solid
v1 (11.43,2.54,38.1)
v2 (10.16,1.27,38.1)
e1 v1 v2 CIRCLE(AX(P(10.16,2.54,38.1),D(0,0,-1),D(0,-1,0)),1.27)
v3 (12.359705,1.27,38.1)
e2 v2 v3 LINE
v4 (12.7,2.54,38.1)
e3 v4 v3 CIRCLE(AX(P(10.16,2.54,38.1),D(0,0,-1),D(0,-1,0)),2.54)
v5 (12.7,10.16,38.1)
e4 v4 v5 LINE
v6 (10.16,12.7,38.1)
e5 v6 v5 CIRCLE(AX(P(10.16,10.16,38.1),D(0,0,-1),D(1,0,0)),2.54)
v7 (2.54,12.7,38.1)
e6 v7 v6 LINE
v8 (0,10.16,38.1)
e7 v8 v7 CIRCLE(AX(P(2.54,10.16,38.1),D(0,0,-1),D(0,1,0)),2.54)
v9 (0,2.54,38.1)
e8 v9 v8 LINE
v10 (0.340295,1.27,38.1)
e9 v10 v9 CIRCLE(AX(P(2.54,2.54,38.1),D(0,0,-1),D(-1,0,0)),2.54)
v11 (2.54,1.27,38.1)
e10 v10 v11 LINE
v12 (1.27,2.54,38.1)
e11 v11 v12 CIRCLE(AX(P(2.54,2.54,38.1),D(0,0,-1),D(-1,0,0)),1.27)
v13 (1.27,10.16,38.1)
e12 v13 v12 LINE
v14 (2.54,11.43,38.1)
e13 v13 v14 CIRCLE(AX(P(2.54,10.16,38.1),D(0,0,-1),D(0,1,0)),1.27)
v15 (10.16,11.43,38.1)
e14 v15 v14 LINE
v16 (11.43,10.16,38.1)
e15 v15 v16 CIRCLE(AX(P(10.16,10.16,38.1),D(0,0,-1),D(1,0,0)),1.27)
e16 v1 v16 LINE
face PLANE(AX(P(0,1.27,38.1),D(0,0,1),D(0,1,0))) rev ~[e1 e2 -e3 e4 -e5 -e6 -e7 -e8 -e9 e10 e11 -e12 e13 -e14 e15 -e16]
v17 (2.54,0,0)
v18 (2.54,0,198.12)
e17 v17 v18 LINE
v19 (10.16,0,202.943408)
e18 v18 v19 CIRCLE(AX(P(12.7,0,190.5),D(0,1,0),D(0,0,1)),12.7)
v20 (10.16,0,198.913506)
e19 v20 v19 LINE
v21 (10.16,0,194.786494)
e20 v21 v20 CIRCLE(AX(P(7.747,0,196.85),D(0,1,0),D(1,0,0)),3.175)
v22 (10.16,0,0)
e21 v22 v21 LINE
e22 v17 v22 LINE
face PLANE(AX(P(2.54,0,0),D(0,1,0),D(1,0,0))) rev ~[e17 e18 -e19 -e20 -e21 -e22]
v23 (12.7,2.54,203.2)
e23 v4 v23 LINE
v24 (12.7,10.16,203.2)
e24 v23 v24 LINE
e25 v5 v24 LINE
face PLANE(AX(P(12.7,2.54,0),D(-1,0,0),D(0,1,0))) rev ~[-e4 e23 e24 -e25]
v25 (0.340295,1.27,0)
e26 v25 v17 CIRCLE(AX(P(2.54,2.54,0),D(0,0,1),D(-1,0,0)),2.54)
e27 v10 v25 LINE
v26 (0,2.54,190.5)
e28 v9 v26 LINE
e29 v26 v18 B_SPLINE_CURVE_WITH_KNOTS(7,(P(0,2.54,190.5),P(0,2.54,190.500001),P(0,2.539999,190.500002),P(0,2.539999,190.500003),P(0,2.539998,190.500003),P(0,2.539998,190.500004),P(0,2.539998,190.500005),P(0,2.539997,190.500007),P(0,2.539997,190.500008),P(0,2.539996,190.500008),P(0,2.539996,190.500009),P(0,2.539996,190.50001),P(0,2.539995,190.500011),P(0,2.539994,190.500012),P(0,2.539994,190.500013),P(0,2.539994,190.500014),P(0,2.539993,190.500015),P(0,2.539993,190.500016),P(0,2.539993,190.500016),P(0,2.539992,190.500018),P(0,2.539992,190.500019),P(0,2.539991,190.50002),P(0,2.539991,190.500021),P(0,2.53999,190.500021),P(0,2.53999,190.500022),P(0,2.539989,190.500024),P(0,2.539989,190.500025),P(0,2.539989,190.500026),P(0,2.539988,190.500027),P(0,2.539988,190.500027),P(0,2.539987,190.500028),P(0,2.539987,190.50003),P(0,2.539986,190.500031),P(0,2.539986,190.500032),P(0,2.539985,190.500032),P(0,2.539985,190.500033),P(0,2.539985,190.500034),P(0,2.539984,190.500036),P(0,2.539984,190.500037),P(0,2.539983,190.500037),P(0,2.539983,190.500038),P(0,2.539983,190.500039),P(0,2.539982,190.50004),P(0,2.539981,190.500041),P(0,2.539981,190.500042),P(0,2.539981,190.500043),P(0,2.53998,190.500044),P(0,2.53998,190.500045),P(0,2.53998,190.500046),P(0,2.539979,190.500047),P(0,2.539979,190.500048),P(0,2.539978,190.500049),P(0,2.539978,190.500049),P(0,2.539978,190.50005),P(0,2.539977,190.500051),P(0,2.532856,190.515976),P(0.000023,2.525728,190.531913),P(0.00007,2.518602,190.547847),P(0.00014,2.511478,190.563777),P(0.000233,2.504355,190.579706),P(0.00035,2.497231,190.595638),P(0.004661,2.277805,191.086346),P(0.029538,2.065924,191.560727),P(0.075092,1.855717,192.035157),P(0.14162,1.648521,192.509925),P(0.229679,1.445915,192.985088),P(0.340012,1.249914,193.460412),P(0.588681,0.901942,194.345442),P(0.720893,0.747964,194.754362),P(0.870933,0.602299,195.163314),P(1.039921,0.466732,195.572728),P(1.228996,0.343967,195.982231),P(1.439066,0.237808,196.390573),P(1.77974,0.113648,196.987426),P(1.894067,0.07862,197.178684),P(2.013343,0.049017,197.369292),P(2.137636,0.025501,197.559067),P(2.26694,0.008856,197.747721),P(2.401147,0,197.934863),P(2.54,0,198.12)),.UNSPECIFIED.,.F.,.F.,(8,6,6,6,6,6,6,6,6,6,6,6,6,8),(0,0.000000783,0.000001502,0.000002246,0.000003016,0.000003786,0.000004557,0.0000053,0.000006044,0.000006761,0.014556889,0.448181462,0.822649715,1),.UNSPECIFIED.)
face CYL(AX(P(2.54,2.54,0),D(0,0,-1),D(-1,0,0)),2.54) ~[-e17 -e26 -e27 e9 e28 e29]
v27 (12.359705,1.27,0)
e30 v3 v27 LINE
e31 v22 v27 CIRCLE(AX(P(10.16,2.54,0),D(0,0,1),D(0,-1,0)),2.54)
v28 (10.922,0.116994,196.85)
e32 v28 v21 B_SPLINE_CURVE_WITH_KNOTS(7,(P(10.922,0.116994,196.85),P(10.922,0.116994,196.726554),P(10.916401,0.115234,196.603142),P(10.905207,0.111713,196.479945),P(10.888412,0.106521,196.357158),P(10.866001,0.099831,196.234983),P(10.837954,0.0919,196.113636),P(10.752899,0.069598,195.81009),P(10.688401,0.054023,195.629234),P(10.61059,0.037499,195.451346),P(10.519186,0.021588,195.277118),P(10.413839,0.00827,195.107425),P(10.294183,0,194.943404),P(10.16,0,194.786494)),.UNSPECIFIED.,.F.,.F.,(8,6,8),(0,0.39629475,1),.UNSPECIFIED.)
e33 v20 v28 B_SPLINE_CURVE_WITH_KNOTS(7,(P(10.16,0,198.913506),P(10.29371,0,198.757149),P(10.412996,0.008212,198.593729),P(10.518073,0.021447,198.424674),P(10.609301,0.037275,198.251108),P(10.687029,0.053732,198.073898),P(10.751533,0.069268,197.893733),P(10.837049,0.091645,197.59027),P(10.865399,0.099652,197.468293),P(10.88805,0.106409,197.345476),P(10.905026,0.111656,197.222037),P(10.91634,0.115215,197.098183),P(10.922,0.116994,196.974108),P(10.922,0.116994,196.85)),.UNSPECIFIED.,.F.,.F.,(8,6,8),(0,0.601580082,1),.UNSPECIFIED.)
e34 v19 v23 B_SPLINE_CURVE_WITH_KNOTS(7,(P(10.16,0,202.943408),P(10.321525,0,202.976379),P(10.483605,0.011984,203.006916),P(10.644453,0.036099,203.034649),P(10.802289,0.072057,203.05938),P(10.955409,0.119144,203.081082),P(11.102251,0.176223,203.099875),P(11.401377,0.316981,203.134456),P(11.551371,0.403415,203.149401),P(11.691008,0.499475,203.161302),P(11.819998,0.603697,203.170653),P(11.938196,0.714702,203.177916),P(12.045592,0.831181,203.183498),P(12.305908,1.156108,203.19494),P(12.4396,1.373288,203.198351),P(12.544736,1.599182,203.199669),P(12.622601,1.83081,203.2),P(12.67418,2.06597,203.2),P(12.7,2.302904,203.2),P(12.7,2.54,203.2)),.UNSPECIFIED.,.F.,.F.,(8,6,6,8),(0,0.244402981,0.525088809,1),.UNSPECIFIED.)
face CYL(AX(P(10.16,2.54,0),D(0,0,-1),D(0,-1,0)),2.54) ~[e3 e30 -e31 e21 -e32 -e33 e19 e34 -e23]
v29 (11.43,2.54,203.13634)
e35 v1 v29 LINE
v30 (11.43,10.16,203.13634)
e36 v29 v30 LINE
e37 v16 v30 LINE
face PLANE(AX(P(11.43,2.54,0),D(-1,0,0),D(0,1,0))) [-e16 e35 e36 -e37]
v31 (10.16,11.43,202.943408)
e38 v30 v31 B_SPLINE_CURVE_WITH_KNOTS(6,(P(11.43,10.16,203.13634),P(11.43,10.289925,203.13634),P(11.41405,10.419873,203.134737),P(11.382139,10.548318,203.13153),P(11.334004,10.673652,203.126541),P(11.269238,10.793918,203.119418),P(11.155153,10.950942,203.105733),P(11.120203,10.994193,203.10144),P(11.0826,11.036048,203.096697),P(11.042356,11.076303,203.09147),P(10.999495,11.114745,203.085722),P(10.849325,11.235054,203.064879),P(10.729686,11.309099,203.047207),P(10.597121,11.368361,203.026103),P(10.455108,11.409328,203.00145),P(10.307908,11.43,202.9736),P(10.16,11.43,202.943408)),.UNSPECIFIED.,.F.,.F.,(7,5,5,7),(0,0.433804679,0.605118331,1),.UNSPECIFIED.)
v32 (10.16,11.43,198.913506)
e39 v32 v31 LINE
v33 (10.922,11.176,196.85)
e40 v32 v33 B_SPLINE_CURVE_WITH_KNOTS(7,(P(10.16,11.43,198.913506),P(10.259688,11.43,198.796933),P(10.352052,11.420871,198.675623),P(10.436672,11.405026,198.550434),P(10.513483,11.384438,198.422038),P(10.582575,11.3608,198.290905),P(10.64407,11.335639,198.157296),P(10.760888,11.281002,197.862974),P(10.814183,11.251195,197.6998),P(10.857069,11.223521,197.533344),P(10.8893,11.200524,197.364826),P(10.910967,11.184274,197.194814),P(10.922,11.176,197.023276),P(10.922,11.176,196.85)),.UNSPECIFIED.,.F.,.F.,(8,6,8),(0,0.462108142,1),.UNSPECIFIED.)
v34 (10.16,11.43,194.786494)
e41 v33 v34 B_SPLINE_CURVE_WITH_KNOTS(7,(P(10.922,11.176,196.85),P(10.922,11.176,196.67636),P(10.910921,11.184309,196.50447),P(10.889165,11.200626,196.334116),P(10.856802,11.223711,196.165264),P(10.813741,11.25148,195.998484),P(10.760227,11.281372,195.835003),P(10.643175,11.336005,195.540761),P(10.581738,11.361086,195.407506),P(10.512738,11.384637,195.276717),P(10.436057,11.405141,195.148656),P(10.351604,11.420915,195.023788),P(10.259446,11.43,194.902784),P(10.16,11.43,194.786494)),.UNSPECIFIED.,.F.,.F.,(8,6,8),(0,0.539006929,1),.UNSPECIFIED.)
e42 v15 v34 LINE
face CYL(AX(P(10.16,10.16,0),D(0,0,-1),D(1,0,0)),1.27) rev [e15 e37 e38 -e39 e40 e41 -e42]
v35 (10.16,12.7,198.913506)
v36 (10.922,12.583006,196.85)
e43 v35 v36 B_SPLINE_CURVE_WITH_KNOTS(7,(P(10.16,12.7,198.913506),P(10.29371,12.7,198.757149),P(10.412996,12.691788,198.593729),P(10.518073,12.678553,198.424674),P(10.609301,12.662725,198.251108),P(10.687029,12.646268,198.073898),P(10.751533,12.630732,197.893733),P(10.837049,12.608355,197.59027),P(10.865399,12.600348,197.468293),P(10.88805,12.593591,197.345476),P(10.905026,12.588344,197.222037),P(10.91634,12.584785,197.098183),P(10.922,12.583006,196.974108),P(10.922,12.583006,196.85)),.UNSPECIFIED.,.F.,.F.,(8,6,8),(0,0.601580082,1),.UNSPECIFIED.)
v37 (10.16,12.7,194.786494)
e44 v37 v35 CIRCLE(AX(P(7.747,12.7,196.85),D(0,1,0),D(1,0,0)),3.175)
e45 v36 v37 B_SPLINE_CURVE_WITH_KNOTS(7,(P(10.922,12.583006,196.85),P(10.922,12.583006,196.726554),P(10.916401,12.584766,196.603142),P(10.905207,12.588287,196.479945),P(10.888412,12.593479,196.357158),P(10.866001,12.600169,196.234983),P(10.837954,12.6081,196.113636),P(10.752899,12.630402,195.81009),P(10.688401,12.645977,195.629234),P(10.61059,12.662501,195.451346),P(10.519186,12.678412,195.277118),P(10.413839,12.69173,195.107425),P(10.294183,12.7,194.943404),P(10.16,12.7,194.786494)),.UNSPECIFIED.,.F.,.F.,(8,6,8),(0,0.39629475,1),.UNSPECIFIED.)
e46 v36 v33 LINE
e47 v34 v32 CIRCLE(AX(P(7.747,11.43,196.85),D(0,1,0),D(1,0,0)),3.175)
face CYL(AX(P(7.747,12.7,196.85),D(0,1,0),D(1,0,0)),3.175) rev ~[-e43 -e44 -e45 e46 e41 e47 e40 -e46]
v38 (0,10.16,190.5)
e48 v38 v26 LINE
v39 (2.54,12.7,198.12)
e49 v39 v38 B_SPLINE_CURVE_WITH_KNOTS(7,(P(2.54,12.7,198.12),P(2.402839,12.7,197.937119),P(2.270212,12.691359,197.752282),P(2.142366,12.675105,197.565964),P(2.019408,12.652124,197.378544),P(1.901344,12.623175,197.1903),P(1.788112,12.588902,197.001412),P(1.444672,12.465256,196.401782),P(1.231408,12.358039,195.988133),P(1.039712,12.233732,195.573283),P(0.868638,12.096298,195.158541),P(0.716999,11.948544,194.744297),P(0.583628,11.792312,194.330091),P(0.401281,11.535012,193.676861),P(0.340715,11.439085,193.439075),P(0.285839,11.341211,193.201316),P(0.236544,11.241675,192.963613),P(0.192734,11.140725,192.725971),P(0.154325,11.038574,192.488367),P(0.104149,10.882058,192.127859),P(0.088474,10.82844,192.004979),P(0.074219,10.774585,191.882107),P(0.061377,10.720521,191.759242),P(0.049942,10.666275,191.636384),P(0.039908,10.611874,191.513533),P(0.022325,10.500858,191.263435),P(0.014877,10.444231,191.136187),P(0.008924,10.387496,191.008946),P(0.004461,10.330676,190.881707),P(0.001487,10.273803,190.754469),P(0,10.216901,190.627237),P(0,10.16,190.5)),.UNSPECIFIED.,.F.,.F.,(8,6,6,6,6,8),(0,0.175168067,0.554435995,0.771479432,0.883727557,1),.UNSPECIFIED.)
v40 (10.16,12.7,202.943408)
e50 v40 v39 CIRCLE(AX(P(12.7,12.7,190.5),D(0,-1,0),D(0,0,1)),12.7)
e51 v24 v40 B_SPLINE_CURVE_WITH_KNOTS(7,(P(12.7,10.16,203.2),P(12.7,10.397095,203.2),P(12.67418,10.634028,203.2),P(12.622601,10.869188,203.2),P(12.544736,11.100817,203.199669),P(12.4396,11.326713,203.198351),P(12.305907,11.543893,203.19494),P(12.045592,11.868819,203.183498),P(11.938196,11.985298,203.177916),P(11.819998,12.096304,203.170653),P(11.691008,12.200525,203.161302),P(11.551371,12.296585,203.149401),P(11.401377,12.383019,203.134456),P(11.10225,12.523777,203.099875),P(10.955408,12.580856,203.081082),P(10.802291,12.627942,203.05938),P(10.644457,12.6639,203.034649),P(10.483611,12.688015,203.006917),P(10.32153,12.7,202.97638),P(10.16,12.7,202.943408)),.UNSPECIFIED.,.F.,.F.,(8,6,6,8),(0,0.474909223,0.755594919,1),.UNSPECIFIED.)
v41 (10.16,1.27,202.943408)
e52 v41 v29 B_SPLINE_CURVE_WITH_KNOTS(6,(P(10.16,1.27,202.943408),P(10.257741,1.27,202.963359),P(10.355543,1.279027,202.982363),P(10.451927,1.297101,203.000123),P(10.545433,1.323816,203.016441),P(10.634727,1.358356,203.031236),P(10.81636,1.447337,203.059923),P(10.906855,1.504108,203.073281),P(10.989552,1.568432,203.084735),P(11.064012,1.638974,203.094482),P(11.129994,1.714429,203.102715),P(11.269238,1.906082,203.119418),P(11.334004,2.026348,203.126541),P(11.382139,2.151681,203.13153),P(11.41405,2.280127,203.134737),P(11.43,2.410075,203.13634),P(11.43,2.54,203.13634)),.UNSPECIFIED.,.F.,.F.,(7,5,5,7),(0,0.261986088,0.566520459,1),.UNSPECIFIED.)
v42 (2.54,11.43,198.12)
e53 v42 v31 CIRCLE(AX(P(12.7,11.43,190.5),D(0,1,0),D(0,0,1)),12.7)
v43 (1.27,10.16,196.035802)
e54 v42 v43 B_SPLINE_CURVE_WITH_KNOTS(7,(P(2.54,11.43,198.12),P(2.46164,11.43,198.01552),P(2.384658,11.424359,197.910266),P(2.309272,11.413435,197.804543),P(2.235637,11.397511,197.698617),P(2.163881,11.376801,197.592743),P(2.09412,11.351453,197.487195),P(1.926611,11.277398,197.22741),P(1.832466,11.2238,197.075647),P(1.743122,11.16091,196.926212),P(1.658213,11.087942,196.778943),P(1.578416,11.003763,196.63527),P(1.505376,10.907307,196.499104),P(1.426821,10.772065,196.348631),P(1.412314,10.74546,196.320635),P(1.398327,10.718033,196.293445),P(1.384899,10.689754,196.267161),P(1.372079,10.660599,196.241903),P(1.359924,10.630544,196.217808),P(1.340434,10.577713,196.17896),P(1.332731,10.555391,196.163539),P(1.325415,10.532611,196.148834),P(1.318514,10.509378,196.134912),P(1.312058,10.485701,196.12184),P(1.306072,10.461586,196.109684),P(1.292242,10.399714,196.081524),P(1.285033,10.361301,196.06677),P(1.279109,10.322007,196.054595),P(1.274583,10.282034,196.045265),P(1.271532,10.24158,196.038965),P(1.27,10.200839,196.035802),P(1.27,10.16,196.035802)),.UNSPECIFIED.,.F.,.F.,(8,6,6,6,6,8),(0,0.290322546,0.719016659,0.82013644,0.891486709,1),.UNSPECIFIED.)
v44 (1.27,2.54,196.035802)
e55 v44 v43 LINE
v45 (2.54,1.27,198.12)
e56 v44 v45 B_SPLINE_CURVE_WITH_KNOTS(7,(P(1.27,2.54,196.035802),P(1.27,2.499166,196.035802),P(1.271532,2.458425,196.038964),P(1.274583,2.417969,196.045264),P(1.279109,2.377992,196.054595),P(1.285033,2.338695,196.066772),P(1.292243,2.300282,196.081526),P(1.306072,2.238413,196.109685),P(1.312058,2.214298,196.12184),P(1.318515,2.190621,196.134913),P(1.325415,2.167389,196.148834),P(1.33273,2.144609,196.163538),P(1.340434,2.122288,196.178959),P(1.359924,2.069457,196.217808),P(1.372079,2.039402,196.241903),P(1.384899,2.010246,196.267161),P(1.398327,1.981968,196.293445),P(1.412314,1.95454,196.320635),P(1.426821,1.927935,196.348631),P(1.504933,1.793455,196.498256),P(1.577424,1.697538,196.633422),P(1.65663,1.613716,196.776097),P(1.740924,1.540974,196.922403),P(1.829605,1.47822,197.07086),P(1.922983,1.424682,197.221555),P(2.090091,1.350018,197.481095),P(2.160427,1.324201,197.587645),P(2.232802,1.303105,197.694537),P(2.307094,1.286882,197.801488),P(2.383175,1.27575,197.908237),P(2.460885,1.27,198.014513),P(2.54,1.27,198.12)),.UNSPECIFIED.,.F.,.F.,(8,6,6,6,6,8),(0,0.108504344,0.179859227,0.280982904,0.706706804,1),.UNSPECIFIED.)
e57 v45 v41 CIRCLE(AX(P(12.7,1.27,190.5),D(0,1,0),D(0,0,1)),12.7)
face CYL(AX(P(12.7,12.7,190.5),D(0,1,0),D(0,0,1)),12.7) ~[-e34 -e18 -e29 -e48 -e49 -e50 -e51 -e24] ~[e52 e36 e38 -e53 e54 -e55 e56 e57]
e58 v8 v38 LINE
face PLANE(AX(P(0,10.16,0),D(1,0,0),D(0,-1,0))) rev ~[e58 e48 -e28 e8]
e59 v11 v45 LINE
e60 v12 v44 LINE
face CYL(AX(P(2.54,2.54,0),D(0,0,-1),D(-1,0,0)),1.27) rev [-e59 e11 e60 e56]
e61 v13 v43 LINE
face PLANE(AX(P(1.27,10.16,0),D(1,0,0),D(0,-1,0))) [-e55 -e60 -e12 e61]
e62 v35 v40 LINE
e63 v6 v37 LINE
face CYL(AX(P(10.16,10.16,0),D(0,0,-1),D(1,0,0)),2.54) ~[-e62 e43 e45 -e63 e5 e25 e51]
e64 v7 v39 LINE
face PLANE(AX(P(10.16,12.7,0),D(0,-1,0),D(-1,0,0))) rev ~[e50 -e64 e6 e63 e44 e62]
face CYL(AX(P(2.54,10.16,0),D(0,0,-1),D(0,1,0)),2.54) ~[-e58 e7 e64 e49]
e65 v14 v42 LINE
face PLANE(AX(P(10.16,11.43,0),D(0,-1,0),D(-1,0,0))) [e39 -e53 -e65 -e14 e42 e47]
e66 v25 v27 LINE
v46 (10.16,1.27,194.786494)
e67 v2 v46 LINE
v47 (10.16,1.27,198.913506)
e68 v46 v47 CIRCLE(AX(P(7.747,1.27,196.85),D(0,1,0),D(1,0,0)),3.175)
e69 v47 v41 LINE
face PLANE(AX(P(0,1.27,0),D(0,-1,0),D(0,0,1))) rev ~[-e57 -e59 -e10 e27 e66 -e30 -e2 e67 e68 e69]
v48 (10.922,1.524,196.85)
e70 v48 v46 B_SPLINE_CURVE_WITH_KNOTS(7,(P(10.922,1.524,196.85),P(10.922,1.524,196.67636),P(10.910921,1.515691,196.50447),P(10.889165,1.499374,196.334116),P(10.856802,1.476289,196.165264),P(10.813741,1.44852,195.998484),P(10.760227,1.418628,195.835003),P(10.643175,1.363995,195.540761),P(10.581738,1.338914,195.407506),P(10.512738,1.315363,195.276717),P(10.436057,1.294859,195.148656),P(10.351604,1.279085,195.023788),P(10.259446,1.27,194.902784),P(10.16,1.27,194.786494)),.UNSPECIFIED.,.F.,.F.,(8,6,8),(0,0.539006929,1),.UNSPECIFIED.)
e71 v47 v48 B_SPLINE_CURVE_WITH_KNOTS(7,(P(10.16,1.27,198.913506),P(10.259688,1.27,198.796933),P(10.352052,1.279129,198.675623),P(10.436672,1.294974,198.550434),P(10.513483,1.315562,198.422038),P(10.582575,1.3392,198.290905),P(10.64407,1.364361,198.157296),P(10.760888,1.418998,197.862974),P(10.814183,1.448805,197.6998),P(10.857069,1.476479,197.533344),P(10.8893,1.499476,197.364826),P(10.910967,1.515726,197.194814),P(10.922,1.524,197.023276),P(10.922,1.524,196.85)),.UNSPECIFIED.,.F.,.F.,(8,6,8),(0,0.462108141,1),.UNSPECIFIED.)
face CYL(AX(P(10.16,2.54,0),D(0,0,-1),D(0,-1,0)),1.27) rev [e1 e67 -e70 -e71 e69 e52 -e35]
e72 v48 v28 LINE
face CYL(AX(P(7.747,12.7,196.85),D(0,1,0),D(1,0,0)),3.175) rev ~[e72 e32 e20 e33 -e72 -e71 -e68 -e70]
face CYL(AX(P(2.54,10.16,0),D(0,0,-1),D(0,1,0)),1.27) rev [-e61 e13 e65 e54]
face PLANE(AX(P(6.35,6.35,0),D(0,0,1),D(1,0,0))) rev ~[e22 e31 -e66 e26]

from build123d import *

# Parameters (mm, degrees)
BOSS_EXTRUDE1_DEPTH = 203.2
SKETCH2_R           = 3.175
CUT_EXTRUDE1_DEPTH  = 13.7
SKETCH3_W           = 38.1
SKETCH3_H           = 11.43
CUT_EXTRUDE2_DEPTH  = 13.7000001
CUT_EXTRUDE3_DEPTH  = 13.7000001


with BuildPart() as part:
    # Sketch1 → Boss-Extrude1 (new body)
    with BuildSketch(Plane.XY):
        with BuildLine():
            Line((2.54, 0), (10.16, 0))
            ThreePointArc((10.16, 0), (11.956051224, 0.743948776), (12.7, 2.54))
            Line((12.7, 2.54), (12.7, 10.16))
            ThreePointArc((12.7, 10.16), (11.956051224, 11.956051224), (10.16, 12.7))
            Line((10.16, 12.7), (2.54, 12.7))
            ThreePointArc((2.54, 12.7), (0.743948776, 11.956051224), (0, 10.16))
            Line((0, 10.16), (0, 2.54))
            ThreePointArc((0, 2.54), (0.743948776, 0.743948776), (2.54, 0))
        make_face()
        with BuildLine():
            Line((2.54, 1.27), (10.16, 1.27))
            ThreePointArc((10.16, 1.27), (11.058025612, 1.641974388), (11.43, 2.54))
            Line((11.43, 2.54), (11.43, 10.16))
            ThreePointArc((11.43, 10.16), (11.058025612, 11.058025612), (10.16, 11.43))
            Line((10.16, 11.43), (2.54, 11.43))
            ThreePointArc((2.54, 11.43), (1.641974388, 11.058025612), (1.27, 10.16))
            Line((1.27, 10.16), (1.27, 2.54))
            ThreePointArc((1.27, 2.54), (1.641974388, 1.641974388), (2.54, 1.27))
        make_face(mode=Mode.SUBTRACT)
    extrude(amount=BOSS_EXTRUDE1_DEPTH)

    # Sketch2 → Cut-Extrude1 (cut, through all)
    with BuildSketch(Plane(origin=(0, 12.7, 0), x_dir=(1, 0, 0), z_dir=(0, 1, 0))):
        with Locations((7.747, -196.85)):
            Circle(SKETCH2_R)
    extrude(amount=-CUT_EXTRUDE1_DEPTH, mode=Mode.SUBTRACT)

    # Sketch3 → Cut-Extrude2 (cut, through all)
    with BuildSketch(Plane.ZY):
        with Locations((19.05, 6.985)):
            Rectangle(SKETCH3_W, SKETCH3_H)
    extrude(amount=-CUT_EXTRUDE2_DEPTH, mode=Mode.SUBTRACT)

    # Sketch4 → Cut-Extrude3 (cut, through all)
    with BuildSketch(Plane(origin=(0, 12.7, 0), x_dir=(1, 0, 0), z_dir=(0, 1, 0))):
        with BuildLine():
            Line((0, -203.2), (12.7, -203.2))
            ThreePointArc((12.7, -203.2), (3.719743879, -199.480256121), (0, -190.5))
            Line((0, -190.5), (0, -203.2))
        make_face()
    extrude(amount=-CUT_EXTRUDE3_DEPTH, mode=Mode.SUBTRACT)


solid = part.part
